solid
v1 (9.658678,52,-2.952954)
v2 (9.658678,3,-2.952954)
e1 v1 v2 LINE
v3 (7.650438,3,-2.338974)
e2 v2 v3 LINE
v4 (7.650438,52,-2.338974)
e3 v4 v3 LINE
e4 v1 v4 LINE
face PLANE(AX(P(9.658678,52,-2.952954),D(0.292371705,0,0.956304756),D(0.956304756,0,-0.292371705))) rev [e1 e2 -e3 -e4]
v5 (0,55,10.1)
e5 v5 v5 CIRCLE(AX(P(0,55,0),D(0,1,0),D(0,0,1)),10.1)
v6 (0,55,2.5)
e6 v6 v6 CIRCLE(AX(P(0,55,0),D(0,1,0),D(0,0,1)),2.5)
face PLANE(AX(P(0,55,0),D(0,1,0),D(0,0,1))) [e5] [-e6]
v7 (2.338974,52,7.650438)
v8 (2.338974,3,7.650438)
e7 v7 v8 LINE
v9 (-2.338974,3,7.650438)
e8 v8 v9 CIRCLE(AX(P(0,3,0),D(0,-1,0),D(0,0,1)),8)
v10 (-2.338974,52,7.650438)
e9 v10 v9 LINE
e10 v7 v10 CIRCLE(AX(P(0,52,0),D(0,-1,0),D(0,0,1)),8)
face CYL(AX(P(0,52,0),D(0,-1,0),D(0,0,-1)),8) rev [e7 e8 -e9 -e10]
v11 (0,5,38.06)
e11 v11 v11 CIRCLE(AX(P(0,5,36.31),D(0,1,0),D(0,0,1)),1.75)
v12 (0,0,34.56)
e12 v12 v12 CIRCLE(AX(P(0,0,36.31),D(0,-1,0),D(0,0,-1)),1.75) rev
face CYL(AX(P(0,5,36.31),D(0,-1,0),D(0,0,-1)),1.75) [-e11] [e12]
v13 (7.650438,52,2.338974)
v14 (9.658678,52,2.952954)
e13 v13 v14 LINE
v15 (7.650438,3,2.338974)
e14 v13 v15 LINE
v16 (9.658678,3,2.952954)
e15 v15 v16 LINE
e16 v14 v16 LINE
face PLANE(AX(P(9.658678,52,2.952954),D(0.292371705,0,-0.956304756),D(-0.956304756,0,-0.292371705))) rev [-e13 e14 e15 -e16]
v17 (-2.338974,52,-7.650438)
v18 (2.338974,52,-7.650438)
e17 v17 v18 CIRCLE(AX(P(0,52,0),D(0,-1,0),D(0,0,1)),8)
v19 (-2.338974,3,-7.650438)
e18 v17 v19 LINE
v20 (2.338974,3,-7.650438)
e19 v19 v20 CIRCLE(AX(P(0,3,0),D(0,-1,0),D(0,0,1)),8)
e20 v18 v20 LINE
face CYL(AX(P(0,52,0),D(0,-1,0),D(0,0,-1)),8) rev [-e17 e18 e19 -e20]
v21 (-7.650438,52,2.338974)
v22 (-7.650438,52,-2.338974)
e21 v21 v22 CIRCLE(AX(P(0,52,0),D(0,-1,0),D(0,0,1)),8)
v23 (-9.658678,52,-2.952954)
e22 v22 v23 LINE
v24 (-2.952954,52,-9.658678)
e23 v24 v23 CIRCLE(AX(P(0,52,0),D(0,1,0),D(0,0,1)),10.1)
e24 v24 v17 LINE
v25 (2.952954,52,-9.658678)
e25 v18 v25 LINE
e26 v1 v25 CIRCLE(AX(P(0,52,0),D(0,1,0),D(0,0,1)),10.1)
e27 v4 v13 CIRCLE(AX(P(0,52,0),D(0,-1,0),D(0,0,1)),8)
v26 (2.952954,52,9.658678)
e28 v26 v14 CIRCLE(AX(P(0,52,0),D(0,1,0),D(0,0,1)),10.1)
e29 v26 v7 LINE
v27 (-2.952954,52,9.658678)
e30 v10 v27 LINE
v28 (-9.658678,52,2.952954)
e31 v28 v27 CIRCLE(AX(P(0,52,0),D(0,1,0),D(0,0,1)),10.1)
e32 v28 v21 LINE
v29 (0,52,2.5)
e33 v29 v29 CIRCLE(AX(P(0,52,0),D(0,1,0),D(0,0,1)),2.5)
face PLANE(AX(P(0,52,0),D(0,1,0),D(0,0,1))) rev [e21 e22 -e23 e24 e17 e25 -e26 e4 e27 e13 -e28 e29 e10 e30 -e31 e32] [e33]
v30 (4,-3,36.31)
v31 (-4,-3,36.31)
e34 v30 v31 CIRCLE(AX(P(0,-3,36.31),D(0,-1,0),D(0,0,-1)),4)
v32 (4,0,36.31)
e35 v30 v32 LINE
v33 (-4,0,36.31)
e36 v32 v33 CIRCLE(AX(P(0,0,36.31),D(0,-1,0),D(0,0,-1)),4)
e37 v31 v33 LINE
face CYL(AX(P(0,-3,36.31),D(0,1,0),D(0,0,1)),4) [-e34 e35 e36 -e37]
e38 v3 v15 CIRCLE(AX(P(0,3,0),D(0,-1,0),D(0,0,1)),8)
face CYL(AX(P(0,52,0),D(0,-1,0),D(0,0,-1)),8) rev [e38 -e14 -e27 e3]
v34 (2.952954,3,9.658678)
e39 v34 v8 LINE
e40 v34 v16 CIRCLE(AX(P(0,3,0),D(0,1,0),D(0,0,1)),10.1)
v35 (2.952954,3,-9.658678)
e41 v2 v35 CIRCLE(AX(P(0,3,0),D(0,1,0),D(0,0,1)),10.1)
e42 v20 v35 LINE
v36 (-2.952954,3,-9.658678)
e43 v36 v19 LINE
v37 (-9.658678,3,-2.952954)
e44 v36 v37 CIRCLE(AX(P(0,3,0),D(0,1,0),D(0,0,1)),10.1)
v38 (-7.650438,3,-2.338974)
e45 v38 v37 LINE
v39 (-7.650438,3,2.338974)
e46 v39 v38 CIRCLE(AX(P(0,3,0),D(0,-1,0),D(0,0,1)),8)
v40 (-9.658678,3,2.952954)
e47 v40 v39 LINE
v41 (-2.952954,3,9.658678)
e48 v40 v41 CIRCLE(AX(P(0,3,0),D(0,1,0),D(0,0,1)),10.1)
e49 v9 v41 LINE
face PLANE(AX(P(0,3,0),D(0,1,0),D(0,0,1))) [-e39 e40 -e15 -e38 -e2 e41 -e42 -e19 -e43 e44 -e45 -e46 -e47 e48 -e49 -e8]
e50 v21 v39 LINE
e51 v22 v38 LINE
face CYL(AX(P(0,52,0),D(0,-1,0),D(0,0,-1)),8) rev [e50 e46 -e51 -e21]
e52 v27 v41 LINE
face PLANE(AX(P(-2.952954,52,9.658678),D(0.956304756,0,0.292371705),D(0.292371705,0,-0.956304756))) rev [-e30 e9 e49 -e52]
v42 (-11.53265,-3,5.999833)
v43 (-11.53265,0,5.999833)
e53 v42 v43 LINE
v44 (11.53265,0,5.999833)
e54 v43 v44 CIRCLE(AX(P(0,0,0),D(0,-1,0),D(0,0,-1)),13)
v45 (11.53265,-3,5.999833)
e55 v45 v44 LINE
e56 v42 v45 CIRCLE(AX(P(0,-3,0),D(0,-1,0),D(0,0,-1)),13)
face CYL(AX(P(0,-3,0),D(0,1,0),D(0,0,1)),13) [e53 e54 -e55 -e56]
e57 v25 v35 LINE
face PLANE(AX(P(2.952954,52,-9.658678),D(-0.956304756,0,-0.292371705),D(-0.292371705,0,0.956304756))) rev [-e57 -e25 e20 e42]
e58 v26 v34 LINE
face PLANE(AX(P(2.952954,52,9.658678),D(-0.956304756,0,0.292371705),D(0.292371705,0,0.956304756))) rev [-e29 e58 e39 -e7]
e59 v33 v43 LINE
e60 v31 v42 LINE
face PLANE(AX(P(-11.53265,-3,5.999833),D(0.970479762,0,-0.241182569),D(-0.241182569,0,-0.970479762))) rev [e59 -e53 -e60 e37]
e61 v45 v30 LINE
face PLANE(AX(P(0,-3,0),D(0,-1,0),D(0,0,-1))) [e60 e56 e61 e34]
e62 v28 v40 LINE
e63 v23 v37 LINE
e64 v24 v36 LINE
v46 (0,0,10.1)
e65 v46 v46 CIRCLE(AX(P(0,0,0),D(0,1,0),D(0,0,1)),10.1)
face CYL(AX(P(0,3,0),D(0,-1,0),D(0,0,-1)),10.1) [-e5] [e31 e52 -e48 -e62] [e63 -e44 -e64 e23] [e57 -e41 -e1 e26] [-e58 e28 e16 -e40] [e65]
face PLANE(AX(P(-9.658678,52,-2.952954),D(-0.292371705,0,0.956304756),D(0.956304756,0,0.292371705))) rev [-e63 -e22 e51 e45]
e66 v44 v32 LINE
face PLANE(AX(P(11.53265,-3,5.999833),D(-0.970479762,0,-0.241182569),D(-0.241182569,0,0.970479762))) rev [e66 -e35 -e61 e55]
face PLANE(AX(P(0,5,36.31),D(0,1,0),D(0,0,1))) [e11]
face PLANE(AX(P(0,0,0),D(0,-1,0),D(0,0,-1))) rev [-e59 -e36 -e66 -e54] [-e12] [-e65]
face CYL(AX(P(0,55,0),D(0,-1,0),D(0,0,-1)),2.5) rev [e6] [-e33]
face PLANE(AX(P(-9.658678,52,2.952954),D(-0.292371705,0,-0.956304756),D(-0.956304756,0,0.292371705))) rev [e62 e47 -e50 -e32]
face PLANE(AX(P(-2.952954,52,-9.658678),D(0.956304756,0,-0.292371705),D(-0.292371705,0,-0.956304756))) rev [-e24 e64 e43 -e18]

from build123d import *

# Parameters (mm, degrees)
SKETCH1_R           = 10.1
BOSS_EXTRUDE1_DEPTH = 3
BOSS_EXTRUDE2_DEPTH = 49
SKETCH3_R           = 10.1
SKETCH3_R_2         = 2.5
BOSS_EXTRUDE3_DEPTH = 3
BOSS_EXTRUDE6_DEPTH = 3
SKETCH5_R           = 1.75
BOSS_EXTRUDE7_DEPTH = 5


with BuildPart() as part:
    # Sketch1 → Boss-Extrude1 (new body)
    with BuildSketch(Plane(origin=(0, 0, 0), x_dir=(1, 0, 0), z_dir=(0, 1, 0))):
        with Locations(Location((0, 0, 0), (0, 0, 270))):
            Circle(SKETCH1_R)
    extrude(amount=BOSS_EXTRUDE1_DEPTH)

    # Sketch2 → Boss-Extrude2 (add)
    with BuildSketch(Plane(origin=(0, 3, 0), x_dir=(1, 0, 0), z_dir=(0, 1, 0))):
        with BuildLine():
            Line((-2.952954218, 9.658678035), (-2.338973638, 7.650438048))
            ThreePointArc((-2.338973638, 7.650438048), (0, 8), (2.338973638, 7.650438048))
            Line((2.338973638, 7.650438048), (2.952954218, 9.658678035))
            ThreePointArc((2.952954218, 9.658678035), (0, 10.1), (-2.952954218, 9.658678035))
        make_face()
        with BuildLine():
            Line((9.658678035, 2.952954218), (7.650438048, 2.338973638))
            ThreePointArc((7.650438048, 2.338973638), (8, 0), (7.650438048, -2.338973638))
            Line((7.650438048, -2.338973638), (9.658678035, -2.952954218))
            ThreePointArc((9.658678035, -2.952954218), (10.1, 0), (9.658678035, 2.952954218))
        make_face()
        with BuildLine():
            Line((2.952954218, -9.658678035), (2.338973638, -7.650438048))
            ThreePointArc((2.338973638, -7.650438048), (0, -8), (-2.338973638, -7.650438048))
            Line((-2.338973638, -7.650438048), (-2.952954218, -9.658678035))
            ThreePointArc((-2.952954218, -9.658678035), (0, -10.1), (2.952954218, -9.658678035))
        make_face()
        with BuildLine():
            Line((-9.658678035, -2.952954218), (-7.650438048, -2.338973638))
            ThreePointArc((-7.650438048, -2.338973638), (-8, 0), (-7.650438048, 2.338973638))
            Line((-7.650438048, 2.338973638), (-9.658678035, 2.952954218))
            ThreePointArc((-9.658678035, 2.952954218), (-10.1, 0), (-9.658678035, -2.952954218))
        make_face()
    extrude(amount=BOSS_EXTRUDE2_DEPTH)

    # Sketch3 → Boss-Extrude3 (add)
    with BuildSketch(Plane(origin=(0, 52, 0), x_dir=(1, 0, 0), z_dir=(0, 1, 0))):
        with Locations(Location((0, 0, 0), (0, 0, 270))):
            Circle(SKETCH3_R)
        with Locations(Location((0, 0, 0), (0, 0, 270))):
            Circle(SKETCH3_R_2, mode=Mode.SUBTRACT)
    extrude(amount=BOSS_EXTRUDE3_DEPTH)

    # Sketch4 → Boss-Extrude6 (add)
    with BuildSketch(Plane.XZ):
        with BuildLine():
            Line((-11.532649592, 5.999832781), (-4, 36.31))
            ThreePointArc((-4, 36.31), (0, 40.31), (4, 36.31))
            Line((4, 36.31), (11.532649592, 5.999832781))
            ThreePointArc((11.532649592, 5.999832781), (0, -13), (-11.532649592, 5.999832781))
        make_face()
    extrude(amount=BOSS_EXTRUDE6_DEPTH)

    # Sketch5 → Boss-Extrude7 (add)
    with BuildSketch(Plane(origin=(0, 0, 0), x_dir=(1, 0, 0), z_dir=(0, 1, 0))):
        with Locations(Location((0, -36.31, 0), (0, 0, 90))):
            Circle(SKETCH5_R)
    extrude(amount=BOSS_EXTRUDE7_DEPTH)


solid = part.part
